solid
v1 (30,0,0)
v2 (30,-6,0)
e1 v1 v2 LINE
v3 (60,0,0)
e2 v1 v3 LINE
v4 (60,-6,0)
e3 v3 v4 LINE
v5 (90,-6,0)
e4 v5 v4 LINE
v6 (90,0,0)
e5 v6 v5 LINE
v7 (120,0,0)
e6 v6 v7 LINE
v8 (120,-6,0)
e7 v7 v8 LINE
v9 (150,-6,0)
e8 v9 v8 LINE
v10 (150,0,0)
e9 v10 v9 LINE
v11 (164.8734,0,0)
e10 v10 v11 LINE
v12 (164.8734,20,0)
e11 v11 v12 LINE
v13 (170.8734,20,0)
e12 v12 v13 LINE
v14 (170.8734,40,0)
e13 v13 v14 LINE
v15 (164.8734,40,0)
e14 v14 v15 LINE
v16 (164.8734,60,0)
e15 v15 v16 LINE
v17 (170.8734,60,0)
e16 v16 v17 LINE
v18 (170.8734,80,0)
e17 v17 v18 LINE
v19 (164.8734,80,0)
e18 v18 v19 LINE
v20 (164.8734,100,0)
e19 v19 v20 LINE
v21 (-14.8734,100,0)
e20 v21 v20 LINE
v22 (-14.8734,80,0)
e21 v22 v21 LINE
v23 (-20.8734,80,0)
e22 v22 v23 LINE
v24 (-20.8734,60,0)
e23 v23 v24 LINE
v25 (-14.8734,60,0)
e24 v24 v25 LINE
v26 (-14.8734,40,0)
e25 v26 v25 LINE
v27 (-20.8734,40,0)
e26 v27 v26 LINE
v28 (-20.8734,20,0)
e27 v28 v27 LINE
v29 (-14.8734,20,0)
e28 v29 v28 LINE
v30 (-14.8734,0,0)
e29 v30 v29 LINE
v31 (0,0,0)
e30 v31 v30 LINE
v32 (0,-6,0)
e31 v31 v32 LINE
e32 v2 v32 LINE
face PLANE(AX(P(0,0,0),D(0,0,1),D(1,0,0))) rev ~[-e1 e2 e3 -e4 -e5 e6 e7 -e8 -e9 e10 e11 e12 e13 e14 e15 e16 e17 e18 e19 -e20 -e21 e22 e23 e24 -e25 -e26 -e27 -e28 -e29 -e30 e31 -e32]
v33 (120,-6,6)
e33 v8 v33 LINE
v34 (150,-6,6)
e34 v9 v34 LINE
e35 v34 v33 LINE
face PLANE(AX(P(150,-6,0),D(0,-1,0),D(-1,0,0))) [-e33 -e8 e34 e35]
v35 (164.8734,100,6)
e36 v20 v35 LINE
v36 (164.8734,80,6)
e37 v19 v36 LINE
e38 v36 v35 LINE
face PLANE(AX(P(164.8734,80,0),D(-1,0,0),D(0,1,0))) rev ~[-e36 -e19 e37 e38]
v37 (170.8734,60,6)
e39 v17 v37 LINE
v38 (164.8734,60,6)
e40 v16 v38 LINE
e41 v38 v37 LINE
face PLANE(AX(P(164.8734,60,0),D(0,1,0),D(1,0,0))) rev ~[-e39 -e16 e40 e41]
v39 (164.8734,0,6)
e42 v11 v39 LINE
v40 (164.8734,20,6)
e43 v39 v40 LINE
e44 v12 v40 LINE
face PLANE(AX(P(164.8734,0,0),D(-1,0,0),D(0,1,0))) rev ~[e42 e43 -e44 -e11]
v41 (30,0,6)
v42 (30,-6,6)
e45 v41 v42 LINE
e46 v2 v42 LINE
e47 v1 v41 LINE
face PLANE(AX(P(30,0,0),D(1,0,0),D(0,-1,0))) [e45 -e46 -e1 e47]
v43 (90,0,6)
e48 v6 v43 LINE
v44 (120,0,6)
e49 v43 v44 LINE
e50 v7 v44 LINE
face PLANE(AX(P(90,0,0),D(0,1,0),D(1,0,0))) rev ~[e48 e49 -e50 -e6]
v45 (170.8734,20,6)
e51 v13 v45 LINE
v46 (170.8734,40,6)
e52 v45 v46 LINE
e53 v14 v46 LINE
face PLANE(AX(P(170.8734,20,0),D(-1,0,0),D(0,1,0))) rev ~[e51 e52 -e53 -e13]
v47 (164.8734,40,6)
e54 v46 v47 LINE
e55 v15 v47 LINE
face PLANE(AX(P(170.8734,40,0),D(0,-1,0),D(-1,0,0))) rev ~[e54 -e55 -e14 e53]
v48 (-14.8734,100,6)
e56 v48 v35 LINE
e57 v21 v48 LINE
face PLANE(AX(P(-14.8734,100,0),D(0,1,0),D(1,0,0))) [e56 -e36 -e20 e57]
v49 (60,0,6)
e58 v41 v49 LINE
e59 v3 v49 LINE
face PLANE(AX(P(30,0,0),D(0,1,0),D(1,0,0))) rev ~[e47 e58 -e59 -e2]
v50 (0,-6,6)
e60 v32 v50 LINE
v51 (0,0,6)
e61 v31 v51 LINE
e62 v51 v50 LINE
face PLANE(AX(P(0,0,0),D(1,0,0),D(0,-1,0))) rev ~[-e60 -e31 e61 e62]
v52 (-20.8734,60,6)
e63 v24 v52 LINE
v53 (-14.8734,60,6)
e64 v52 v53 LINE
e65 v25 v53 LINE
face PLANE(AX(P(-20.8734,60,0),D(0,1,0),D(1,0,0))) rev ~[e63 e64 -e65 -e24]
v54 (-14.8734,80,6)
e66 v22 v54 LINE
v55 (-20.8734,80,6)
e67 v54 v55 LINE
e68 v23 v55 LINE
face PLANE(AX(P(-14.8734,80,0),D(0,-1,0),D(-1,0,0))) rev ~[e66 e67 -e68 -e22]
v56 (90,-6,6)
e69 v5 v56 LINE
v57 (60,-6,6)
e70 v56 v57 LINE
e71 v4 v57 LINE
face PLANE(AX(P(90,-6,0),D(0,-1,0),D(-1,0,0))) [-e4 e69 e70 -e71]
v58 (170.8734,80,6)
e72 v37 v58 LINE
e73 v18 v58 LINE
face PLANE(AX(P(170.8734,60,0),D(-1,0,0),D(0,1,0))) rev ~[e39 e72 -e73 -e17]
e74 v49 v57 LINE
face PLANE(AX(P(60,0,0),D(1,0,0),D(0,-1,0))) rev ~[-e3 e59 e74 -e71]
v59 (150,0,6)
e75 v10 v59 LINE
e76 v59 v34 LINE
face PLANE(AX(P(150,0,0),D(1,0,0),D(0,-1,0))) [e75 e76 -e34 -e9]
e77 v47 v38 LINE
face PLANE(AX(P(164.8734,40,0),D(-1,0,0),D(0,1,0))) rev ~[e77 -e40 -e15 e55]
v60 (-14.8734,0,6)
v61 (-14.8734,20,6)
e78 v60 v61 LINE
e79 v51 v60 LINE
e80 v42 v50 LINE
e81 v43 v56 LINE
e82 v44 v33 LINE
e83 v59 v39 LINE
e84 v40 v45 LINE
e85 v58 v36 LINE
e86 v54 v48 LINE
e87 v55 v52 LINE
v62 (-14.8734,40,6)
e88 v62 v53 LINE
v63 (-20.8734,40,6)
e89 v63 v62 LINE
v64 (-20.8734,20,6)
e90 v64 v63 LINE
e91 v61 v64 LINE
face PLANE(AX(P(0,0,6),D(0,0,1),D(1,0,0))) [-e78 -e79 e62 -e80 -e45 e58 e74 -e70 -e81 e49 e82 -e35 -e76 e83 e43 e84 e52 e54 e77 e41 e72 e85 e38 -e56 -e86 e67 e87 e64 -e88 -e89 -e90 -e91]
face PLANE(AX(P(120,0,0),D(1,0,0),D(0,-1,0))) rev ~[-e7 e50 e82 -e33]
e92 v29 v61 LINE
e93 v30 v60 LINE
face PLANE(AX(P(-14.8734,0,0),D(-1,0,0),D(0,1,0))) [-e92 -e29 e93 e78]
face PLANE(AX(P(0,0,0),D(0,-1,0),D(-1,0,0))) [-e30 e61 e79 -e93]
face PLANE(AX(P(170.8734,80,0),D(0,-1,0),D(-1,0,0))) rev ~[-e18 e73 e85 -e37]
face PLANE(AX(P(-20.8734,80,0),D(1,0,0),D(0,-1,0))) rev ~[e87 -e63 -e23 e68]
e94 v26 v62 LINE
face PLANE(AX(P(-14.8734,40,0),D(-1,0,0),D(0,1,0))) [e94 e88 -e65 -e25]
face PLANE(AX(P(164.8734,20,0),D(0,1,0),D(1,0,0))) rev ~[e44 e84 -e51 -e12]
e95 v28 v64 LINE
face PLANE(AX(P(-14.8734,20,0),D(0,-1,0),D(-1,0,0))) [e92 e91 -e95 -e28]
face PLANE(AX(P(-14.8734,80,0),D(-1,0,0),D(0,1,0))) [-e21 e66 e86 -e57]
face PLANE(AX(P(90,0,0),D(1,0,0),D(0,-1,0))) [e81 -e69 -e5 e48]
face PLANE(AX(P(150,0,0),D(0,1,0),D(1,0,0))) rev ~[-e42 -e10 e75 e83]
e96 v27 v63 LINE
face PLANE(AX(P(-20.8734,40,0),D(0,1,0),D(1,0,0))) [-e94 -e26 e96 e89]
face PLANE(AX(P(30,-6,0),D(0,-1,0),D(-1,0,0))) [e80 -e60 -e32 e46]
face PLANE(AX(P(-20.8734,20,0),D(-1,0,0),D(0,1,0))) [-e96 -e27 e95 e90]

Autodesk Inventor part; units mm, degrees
ref_plane "YZ Plane" through (0, 0, 0) normal (1, 0, 0) x (0, 1, 0)
ref_plane "XZ Plane" through (0, 0, 0) normal (0, 1, 0) x (-1, 0, 0)
ref_plane "XY Plane" through (0, 0, 0) normal (0, 0, 1) x (1, 0, 0)
ref_plane "Work Plane1" through (0, 0, 0) normal (0, 0, 1) x (1, 0, 0)
sketch "Sketch1" plane through (0, 0, 0) normal (0, 0, 1) x (1, 0, 0)
  line L0 (0, 0) -> (30, 0)
  line L1 (0, 0) -> (0, -6)
  line L2 (30, -6) -> (0, -6)
  line L3 (30, 0) -> (30, -6)
  line L4 (60, 0) -> (90, 0)
  line L5 (60, 0) -> (60, -6)
  line L6 (90, -6) -> (60, -6)
  line L7 (90, 0) -> (90, -6)
  line L8 (120, 0) -> (150, 0)
  line L9 (120, 0) -> (120, -6)
  line L10 (150, -6) -> (120, -6)
  line L11 (150, 0) -> (150, -6)
  line L12 (30, 0) -> (60, 0)
  line L13 (90, 0) -> (120, 0)
  line L14 (150, 0) -> (164.8734, 0)
  line L15 (0, 0) -> (-14.8734, 0)
  line L16 (-20.8734, -6) -> (0, -6)
  line L17 (150, -6) -> (170.8734, -6)
  line L18 (0, 0) -> (0, -6)
  line L19 (30, -6) -> (0, -6)
  line L20 (30, -6) -> (30, 0)
  line L21 (60, 0) -> (60, -6)
  line L22 (90, -6) -> (60, -6)
  line L23 (90, -6) -> (90, 0)
  line L24 (120, 0) -> (120, -6)
  line L25 (120, -6) -> (150, -6)
  line L26 (150, 0) -> (150, -6)
  line L27 (164.8734, 0) -> (164.8734, 100)
  line L28 (-14.8734, 0) -> (-14.8734, 100)
  line L29 (-14.8734, 100) -> (164.8734, 100)
  line L30 (164.8734, 20) -> (170.8734, 20)
  line L31 (170.8734, 20) -> (170.8734, 40)
  line L32 (170.8734, 40) -> (164.8734, 40)
  line L33 (164.8734, 40) -> (164.8734, 20)
  line L34 (164.8734, 60) -> (170.8734, 60)
  line L35 (170.8734, 60) -> (170.8734, 80)
  line L36 (170.8734, 80) -> (164.8734, 80)
  line L37 (164.8734, 80) -> (164.8734, 60)
  line L38 (-14.8734, 80) -> (-20.8734, 80)
  line L39 (-20.8734, 80) -> (-20.8734, 60)
  line L40 (-20.8734, 60) -> (-14.8734, 60)
  line L41 (-14.8734, 60) -> (-14.8734, 80)
  line L42 (-14.8734, 20) -> (-20.8734, 20)
  line L43 (-20.8734, 20) -> (-20.8734, 40)
  line L44 (-20.8734, 40) -> (-14.8734, 40)
  line L45 (-14.8734, 40) -> (-14.8734, 20)
  dimension "d0" = 6
  dimension "d1" = 6
  dimension "d2" = 100
  dimension "d3" = 100
  dimension "d5" = 20
  dimension "d6" = 20
  dimension "d7" = 20
  dimension "d8" = 6
extrude "Plate1" add sketch "Sketch1" along normal blind 6
equation "\"d6\" = d5"
equation "\"d7\" = d5"
equation "\"d4\" = Thickness"
equation "\"BendRadius\" = Thickness"
equation "\"BendReliefWidth\" = Thickness"
equation "\"BendReliefDepth\" = 0.5 * Thickness"
equation "\"CornerReliefSize\" = 4 * Thickness"
equation "\"MinimumRemnant\" = 2 * Thickness"
equation "\"TransitionRadius\" = BendRadius"
equation "\"JacobiRadiusSize\" = BendRadius"
equation "\"GapSize\" = Thickness"
equation "\"Thickness\" = 6"
properties part number "zijkant2 electronica" material "Wood (Birch)"
